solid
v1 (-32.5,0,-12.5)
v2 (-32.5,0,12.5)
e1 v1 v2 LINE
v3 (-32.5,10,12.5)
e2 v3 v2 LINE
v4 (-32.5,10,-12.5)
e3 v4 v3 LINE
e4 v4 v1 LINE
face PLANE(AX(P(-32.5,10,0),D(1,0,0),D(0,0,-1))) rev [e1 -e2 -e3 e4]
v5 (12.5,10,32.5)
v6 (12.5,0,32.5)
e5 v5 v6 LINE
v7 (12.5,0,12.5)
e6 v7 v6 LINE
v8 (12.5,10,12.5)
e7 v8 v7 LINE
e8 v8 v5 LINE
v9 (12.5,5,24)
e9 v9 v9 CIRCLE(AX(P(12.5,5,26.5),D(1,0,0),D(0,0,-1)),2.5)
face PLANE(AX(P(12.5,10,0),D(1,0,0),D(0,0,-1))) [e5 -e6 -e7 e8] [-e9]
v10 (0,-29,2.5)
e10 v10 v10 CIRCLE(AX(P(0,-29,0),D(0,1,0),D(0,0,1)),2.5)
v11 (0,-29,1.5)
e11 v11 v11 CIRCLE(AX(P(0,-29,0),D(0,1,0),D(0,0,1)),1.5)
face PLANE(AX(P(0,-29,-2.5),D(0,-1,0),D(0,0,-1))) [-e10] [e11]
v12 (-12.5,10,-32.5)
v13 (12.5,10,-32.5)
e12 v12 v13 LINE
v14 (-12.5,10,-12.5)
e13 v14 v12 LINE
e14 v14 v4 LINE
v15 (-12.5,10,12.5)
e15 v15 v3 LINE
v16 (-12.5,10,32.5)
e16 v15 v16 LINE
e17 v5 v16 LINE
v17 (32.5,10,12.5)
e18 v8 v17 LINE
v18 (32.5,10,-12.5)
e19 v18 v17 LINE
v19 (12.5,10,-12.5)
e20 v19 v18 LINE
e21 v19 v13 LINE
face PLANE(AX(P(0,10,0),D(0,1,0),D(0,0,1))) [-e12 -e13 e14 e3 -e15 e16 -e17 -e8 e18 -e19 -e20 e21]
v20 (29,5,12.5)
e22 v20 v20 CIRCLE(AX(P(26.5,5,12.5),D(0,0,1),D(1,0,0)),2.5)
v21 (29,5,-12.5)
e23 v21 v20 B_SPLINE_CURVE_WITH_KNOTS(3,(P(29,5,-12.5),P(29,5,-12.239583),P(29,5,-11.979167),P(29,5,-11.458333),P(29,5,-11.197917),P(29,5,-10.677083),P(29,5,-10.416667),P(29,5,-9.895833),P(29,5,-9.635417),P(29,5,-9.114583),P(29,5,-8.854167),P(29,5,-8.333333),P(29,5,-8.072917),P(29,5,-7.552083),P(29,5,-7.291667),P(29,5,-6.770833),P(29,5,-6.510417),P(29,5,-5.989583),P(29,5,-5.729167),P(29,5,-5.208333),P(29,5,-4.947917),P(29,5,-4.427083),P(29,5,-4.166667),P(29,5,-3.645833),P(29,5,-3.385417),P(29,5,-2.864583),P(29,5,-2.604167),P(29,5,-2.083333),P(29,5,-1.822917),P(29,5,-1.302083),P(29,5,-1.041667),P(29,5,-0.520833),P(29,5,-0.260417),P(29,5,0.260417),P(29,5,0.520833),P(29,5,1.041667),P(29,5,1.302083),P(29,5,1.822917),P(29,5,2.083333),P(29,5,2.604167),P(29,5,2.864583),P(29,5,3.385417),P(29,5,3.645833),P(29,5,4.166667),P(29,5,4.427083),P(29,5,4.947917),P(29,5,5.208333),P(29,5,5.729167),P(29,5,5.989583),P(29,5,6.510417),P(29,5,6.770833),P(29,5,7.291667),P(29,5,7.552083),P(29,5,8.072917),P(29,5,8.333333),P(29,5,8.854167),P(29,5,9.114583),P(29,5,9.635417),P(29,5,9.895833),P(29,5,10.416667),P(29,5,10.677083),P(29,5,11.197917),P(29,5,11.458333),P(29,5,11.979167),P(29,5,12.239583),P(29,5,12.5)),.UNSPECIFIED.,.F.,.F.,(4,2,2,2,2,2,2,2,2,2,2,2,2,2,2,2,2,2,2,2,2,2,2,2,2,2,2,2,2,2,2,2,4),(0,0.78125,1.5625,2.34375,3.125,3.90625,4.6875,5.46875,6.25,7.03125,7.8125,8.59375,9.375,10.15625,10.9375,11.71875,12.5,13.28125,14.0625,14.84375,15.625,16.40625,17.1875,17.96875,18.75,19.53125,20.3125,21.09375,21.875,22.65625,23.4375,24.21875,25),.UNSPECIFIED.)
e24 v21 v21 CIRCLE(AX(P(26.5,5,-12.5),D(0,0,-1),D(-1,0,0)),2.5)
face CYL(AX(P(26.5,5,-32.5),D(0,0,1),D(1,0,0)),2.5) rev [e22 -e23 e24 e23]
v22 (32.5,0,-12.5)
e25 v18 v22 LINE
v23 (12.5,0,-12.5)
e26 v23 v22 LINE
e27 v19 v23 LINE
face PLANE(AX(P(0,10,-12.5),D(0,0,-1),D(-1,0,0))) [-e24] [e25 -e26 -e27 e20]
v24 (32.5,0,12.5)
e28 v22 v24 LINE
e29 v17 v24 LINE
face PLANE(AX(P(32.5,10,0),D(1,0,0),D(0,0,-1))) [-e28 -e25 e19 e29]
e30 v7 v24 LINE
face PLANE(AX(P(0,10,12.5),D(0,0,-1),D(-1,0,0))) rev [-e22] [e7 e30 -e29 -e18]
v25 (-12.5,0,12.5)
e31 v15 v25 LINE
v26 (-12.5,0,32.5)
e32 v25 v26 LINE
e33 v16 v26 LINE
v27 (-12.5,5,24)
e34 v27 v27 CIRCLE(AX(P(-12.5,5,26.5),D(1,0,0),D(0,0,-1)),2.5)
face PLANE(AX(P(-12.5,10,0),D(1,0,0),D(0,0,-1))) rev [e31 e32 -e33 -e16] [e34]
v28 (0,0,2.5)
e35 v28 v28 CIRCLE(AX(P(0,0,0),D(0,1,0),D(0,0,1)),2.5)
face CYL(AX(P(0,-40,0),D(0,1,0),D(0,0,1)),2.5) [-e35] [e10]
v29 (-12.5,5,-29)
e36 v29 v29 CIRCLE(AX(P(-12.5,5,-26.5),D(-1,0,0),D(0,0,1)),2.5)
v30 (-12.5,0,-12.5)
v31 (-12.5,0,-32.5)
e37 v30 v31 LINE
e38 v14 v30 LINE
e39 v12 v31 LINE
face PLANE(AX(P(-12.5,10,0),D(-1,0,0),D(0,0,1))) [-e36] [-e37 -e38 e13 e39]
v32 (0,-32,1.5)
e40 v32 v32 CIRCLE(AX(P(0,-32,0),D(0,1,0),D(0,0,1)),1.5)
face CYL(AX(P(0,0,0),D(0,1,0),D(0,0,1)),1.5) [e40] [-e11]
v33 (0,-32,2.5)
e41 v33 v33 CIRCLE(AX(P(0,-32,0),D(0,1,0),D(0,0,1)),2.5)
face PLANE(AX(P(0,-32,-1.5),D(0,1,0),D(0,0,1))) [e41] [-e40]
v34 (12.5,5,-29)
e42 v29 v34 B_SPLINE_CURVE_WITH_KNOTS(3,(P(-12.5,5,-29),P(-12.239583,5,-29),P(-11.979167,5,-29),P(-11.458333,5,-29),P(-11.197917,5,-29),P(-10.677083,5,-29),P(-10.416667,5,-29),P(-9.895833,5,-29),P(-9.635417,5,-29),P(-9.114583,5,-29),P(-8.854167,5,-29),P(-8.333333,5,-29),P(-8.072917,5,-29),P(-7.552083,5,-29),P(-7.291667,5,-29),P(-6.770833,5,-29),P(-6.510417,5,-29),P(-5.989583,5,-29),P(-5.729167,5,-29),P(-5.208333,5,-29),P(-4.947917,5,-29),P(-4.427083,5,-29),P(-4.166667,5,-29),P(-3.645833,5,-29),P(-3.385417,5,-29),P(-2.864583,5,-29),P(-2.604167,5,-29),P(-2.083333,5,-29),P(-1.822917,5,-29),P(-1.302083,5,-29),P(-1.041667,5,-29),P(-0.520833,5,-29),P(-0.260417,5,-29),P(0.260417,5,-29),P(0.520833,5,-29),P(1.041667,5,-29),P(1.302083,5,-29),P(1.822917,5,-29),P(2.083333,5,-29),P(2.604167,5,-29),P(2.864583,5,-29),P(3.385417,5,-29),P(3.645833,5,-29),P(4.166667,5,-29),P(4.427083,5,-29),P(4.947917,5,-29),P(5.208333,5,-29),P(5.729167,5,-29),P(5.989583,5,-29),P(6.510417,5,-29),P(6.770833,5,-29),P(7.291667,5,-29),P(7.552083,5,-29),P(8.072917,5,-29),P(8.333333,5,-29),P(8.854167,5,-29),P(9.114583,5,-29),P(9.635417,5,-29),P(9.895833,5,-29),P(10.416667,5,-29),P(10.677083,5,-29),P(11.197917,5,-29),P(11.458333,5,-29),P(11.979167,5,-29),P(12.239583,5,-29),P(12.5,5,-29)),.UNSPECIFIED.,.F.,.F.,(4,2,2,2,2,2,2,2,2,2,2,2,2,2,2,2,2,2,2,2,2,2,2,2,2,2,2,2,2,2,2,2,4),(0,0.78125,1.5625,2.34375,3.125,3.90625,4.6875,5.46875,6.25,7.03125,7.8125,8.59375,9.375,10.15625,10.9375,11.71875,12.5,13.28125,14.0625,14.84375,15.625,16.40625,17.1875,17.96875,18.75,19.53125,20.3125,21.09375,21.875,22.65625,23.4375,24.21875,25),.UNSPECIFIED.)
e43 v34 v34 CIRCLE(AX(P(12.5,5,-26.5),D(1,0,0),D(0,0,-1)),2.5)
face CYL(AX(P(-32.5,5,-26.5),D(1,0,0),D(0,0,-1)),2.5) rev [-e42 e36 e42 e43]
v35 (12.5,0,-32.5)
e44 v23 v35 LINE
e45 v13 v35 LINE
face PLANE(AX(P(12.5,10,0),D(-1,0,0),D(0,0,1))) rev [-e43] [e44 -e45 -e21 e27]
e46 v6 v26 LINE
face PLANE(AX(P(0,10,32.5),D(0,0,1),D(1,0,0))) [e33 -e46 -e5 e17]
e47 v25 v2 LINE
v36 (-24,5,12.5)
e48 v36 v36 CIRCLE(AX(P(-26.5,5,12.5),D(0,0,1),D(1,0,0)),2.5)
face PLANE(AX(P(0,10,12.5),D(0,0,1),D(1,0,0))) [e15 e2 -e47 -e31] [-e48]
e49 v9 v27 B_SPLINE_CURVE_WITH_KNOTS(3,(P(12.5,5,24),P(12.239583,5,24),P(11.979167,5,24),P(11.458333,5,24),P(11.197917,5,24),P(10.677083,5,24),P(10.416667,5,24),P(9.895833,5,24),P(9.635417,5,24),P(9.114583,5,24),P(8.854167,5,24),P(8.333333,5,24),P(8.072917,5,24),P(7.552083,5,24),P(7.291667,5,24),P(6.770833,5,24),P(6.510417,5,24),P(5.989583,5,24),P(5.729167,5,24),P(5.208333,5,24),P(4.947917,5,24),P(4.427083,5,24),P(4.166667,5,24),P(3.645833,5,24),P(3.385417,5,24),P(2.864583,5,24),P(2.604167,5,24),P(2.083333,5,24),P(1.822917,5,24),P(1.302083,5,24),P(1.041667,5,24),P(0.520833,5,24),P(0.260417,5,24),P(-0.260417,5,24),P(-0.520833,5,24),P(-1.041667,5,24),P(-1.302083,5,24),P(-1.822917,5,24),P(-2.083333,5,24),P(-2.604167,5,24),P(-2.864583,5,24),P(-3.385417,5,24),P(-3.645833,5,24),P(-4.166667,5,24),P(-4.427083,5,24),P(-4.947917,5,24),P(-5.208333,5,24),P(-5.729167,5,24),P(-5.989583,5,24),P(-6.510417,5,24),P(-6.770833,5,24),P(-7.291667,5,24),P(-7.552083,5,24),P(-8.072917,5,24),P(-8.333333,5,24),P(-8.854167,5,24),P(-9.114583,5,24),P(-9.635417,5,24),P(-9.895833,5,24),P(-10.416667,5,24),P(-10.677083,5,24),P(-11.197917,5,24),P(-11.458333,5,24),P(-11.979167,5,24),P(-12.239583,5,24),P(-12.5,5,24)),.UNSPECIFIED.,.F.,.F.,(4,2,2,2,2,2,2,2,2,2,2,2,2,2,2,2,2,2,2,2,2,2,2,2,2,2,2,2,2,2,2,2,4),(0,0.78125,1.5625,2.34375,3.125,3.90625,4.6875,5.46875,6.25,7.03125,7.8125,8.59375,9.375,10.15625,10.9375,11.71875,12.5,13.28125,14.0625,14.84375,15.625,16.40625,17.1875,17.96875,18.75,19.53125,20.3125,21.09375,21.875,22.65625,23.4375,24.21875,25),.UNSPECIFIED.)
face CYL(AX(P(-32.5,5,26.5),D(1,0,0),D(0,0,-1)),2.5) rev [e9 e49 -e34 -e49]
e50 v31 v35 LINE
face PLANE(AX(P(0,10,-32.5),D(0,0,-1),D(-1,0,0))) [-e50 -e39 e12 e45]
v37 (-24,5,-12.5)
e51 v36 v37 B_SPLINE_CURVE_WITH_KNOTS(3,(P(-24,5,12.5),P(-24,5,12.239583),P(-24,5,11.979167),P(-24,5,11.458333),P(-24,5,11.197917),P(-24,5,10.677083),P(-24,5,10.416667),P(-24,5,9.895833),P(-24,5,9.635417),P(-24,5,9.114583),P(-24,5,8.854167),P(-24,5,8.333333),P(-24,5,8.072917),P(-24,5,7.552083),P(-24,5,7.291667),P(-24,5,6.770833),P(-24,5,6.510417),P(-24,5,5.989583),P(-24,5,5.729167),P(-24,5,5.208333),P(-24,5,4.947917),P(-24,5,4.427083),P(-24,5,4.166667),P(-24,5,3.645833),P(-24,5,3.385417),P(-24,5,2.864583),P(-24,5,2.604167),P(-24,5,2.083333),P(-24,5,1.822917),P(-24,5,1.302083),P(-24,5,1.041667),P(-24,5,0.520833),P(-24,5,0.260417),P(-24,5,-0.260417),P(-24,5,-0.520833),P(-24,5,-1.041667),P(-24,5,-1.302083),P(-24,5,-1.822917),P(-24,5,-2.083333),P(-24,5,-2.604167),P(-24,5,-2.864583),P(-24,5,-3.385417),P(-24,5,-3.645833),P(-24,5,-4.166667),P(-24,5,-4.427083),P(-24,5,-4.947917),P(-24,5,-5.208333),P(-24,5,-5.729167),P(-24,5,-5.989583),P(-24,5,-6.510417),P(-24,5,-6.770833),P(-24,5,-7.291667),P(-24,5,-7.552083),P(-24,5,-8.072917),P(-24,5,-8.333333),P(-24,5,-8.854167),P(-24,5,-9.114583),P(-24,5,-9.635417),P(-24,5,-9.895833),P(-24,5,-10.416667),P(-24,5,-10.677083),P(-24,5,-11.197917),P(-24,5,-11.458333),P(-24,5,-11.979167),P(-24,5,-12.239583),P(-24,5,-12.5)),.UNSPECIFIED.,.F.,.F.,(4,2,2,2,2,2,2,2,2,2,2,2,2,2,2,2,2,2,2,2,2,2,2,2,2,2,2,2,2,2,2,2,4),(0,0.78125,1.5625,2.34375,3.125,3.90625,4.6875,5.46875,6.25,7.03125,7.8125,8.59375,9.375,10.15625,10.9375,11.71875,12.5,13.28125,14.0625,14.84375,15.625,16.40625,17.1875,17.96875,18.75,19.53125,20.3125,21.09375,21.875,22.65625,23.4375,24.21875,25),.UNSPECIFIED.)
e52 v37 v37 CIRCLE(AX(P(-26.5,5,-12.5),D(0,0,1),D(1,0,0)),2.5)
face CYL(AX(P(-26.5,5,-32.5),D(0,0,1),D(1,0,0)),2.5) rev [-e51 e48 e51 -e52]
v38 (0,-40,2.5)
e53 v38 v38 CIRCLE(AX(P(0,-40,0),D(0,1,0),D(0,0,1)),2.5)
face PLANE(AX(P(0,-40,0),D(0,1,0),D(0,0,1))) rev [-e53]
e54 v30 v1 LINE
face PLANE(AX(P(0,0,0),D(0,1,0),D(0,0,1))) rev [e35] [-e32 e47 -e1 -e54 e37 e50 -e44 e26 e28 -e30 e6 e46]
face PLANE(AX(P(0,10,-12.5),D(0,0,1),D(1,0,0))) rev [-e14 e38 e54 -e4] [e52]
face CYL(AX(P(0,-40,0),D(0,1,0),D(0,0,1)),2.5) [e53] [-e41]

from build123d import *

# Parameters (mm, degrees)
SKETCH1_W           = 20
SKETCH1_H           = 25
SKETCH1_W_2         = 25
SKETCH1_H_2         = 20
BOSS_EXTRUDE1_DEPTH = 10
SKETCH2_R           = 2.5
CUT_EXTRUDE1_DEPTH  = 57.402570863
SKETCH3_R           = 2.5
CUT_EXTRUDE2_DEPTH  = 57.402570863
SKETCH4_R           = 2.5
BOSS_EXTRUDE2_DEPTH = 40
SKETCH5_W           = 1
SKETCH5_H           = 3


with BuildPart() as part:
    # Sketch1 → Boss-Extrude1 (new body)
    with BuildSketch(Plane(origin=(0, 0, 0), x_dir=(1, 0, 0), z_dir=(0, 1, 0))):
        with Locations((-22.5, 0)):
            Rectangle(SKETCH1_W, SKETCH1_H)
        with Locations((0, -22.5)):
            Rectangle(SKETCH1_W_2, SKETCH1_H_2)
        Rectangle(SKETCH1_W_2, SKETCH1_H)
        with Locations((0, 22.5)):
            Rectangle(SKETCH1_W_2, SKETCH1_H_2)
        with Locations((22.5, 0)):
            Rectangle(SKETCH1_W, SKETCH1_H)
    extrude(amount=BOSS_EXTRUDE1_DEPTH)

    # Sketch2 → Cut-Extrude1 (cut, through all)
    with BuildSketch(Plane(origin=(12.5, 0, 0), x_dir=(0, 0, -1), z_dir=(1, 0, 0))):
        with Locations((-26.499999999, 5)):
            Circle(SKETCH2_R)
        with Locations((26.499999999, 5)):
            Circle(SKETCH2_R)
    extrude(amount=-CUT_EXTRUDE1_DEPTH, mode=Mode.SUBTRACT)

    # Sketch3 → Cut-Extrude2 (cut, through all)
    with BuildSketch(Plane.XY.offset(12.5)):
        with Locations((26.5, 5)):
            Circle(SKETCH3_R)
        with Locations((-26.5, 5)):
            Circle(SKETCH3_R)
    extrude(amount=-CUT_EXTRUDE2_DEPTH, mode=Mode.SUBTRACT)

    # Sketch4 → Boss-Extrude2 (add)
    with BuildSketch(Plane(origin=(0, 0, 0), x_dir=(1, 0, 0), z_dir=(0, 1, 0))):
        with Locations(Location((0, 0, 0), (0, 0, 270))):
            Circle(SKETCH4_R)
    extrude(amount=-BOSS_EXTRUDE2_DEPTH)

    # Sketch5 → Cut-Revolve1 (revolve, cut)
    with BuildSketch(Plane(origin=(0, 0, 0), x_dir=(0, 0, -1), z_dir=(1, 0, 0)), mode=Mode.PRIVATE) as cut_revolve1_sk:
        with Locations((2, -30.5)):
            Rectangle(SKETCH5_W, SKETCH5_H)
    revolve(cut_revolve1_sk.sketch.rotate(Axis((0, 0, 0), (0, -1, 0)), 180), axis=Axis((0, 0, 0), (0, -1, 0)), mode=Mode.SUBTRACT)


solid = part.part
